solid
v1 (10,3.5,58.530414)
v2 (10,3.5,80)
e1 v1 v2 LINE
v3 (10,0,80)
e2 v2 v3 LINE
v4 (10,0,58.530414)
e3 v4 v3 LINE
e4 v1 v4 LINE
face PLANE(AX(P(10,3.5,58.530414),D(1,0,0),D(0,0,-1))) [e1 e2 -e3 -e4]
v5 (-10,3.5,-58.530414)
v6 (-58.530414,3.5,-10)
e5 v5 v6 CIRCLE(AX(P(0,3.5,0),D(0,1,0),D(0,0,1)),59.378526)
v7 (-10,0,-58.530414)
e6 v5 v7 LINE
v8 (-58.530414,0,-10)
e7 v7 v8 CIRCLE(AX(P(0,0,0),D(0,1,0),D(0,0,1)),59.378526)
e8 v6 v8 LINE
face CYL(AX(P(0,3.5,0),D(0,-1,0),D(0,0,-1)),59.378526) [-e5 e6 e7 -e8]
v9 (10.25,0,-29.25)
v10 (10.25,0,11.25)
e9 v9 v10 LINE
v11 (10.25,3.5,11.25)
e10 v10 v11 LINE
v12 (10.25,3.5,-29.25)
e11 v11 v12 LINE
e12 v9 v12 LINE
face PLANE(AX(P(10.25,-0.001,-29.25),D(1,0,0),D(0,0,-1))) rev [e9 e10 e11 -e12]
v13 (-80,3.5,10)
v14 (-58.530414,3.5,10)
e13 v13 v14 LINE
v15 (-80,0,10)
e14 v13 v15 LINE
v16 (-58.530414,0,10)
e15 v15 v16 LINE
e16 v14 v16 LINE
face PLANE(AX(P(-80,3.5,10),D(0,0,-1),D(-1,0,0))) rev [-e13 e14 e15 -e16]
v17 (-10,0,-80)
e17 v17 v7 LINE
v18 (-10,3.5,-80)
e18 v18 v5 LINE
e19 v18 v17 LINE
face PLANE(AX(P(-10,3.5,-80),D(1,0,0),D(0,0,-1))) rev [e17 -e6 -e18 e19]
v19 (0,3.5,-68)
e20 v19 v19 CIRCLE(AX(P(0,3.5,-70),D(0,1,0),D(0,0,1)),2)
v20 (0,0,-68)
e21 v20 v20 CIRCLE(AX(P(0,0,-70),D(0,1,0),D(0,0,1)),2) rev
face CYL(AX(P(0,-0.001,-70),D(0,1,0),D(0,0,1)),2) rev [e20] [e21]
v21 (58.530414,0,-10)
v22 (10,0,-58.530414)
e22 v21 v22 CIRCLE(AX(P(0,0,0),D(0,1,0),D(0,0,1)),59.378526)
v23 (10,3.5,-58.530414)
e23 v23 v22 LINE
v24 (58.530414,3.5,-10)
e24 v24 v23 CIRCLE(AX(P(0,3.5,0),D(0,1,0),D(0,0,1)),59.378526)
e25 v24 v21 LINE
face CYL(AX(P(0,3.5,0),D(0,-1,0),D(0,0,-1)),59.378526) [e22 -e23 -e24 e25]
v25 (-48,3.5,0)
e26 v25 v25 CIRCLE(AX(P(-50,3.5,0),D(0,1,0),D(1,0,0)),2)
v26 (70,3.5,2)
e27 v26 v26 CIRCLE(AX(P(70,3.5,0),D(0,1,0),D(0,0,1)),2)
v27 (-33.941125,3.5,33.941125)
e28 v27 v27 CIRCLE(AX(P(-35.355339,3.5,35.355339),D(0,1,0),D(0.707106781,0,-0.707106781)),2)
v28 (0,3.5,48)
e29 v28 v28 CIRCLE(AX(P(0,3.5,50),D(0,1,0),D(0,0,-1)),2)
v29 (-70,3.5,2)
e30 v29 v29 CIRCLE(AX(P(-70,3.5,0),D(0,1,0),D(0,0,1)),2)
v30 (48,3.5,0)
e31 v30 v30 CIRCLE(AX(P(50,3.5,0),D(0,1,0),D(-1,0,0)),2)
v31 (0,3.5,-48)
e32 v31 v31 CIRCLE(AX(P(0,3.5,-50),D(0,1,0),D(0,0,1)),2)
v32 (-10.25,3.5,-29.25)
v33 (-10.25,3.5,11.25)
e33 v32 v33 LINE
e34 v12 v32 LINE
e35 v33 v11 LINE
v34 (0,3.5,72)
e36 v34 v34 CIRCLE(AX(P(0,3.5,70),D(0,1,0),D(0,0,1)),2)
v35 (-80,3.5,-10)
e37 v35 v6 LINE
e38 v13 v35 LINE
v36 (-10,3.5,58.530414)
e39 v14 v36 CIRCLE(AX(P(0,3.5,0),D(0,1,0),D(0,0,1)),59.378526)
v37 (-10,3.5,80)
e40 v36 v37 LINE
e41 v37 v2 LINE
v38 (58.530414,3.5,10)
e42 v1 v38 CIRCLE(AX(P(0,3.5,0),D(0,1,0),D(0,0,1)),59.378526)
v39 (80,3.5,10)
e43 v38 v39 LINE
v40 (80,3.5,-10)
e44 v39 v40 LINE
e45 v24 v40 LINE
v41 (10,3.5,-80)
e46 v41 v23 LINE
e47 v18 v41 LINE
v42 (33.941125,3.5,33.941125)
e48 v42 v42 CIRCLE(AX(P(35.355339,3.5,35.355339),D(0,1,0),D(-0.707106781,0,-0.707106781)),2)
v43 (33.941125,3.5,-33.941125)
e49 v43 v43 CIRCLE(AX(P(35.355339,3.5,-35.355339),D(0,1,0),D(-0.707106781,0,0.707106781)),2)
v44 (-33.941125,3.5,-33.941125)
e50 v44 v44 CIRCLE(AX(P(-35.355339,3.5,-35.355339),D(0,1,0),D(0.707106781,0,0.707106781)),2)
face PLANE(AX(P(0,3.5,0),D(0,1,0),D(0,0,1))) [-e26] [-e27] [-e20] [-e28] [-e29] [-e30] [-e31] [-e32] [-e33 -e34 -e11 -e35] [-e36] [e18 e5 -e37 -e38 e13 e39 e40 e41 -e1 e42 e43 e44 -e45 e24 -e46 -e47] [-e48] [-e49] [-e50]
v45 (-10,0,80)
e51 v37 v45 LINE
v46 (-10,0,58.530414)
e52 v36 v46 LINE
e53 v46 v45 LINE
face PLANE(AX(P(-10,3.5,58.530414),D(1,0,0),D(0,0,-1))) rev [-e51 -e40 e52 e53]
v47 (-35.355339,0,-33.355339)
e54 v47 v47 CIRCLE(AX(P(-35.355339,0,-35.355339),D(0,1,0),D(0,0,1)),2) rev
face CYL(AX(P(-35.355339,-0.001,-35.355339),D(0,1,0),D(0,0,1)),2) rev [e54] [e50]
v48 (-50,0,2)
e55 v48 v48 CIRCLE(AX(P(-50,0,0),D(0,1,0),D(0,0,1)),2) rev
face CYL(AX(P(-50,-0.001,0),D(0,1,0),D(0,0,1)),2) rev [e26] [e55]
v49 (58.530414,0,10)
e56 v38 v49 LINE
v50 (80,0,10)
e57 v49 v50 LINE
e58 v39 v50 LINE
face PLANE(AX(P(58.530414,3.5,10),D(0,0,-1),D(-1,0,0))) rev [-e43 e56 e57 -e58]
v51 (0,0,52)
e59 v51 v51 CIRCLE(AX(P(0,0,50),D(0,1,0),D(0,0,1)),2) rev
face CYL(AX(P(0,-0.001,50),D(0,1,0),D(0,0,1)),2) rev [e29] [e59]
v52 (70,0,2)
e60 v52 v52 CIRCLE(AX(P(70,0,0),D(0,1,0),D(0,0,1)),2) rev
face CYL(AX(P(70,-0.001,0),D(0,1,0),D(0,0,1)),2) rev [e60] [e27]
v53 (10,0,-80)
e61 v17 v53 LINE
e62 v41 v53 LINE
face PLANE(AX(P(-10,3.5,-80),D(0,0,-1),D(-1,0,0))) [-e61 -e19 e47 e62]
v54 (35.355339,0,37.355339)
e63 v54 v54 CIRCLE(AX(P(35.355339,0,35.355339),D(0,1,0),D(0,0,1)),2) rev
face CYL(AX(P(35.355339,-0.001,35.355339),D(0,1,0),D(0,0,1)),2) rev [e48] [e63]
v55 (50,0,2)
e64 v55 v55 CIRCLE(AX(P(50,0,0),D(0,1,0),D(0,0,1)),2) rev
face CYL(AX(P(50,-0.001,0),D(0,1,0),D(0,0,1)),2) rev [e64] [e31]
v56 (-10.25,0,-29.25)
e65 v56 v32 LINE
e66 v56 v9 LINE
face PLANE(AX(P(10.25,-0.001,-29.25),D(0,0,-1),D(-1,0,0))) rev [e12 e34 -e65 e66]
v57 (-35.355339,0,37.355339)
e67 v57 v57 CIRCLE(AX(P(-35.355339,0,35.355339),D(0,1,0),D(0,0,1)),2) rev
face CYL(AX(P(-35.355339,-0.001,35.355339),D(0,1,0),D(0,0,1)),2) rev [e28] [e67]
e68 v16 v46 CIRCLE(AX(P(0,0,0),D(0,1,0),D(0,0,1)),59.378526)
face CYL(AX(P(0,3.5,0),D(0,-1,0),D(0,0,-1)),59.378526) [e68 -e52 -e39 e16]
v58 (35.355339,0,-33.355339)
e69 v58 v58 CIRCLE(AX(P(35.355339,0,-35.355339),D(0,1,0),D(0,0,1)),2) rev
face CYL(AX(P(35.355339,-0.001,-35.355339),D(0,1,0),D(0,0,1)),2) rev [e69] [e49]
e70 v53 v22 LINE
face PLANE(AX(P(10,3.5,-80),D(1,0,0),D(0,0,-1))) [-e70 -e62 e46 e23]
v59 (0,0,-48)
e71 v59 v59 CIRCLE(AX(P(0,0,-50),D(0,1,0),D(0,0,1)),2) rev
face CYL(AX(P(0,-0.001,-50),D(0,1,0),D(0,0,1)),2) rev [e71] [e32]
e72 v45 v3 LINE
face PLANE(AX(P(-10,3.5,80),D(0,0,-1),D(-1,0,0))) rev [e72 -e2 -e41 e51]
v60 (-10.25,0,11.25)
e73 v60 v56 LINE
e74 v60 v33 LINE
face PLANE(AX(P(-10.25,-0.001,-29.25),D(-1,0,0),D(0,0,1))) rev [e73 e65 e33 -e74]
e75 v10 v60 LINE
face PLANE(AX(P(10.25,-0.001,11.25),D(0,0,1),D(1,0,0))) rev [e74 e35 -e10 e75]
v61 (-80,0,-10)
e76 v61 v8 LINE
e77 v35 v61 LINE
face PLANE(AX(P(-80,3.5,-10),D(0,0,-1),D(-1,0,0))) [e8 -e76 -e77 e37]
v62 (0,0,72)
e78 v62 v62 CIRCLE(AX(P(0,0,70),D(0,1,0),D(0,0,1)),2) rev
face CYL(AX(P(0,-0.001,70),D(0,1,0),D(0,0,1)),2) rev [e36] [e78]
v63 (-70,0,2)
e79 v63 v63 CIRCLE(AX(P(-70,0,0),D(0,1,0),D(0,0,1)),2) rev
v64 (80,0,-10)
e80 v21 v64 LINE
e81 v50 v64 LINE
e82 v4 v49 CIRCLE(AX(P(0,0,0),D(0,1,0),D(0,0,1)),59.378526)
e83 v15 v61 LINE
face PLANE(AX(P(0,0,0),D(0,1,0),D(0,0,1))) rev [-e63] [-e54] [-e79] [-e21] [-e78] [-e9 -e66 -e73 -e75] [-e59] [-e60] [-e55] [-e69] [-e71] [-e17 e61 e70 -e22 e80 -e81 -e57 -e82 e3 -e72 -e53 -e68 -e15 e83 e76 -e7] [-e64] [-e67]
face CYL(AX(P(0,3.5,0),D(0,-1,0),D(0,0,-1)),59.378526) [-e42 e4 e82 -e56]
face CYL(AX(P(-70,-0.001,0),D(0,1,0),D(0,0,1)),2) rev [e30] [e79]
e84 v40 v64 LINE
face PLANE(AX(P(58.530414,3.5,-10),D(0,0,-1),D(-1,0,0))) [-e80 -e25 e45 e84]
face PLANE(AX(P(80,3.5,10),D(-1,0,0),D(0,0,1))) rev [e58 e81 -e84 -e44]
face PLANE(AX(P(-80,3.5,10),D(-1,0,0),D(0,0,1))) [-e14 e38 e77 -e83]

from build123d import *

# Parameters (mm, degrees)
SALIENTE_EXTRUIR1_DEPTH = 3.5
CROQUIS2_R              = 2
CORTAR_EXTRUIR1_DEPTH   = 3.5
MATRIZC1_COUNT          = 8
CORTAR_EXTRUIR2_REACH   = 5.5
CROQUIS3_W              = 20.5
CROQUIS3_H              = 40.5
CORTAR_EXTRUIR3_REACH   = 5.5
CROQUIS4_R              = 2


with BuildPart() as part:
    # Croquis1 → Saliente-Extruir1 (new body)
    with BuildSketch(Plane(origin=(0, 0, 0), x_dir=(1, 0, 0), z_dir=(0, 1, 0))):
        with BuildLine():
            Line((-10, -58.530413525), (-10, -80))
            Line((-10, -80), (10, -80))
            Line((10, -80), (10, -58.530413525))
            ThreePointArc((10, -58.530413525), (41.986958138, -41.986958138), (58.530413525, -10))
            Line((58.530413525, -10), (80, -10))
            Line((80, -10), (80, 10))
            Line((80, 10), (58.530413525, 10))
            ThreePointArc((58.530413525, 10), (41.986958138, 41.986958138), (10, 58.530413525))
            Line((10, 58.530413525), (10, 80))
            Line((10, 80), (-10, 80))
            Line((-10, 80), (-10, 58.530413525))
            ThreePointArc((-10, 58.530413525), (-41.986958138, 41.986958138), (-58.530413525, 10))
            Line((-58.530413525, 10), (-80, 10))
            Line((-80, 10), (-80, -10))
            Line((-80, -10), (-58.530413525, -10))
            ThreePointArc((-58.530413525, -10), (-41.986958138, -41.986958138), (-10, -58.530413525))
        make_face()
    extrude(amount=SALIENTE_EXTRUIR1_DEPTH)

    # Croquis2 → Cortar-Extruir1 (cut)
    with BuildSketch(Plane(origin=(0, 3.5, 0), x_dir=(1, 0, 0), z_dir=(0, 1, 0))):
        with Locations((0, 50)):
            Circle(CROQUIS2_R)
    cortar_extruir1 = extrude(amount=-CORTAR_EXTRUIR1_DEPTH, mode=Mode.SUBTRACT)

    # MatrizC1: Cortar-Extruir1 ×8 about axis
    matrizc1_axis = Axis((0, 0, 0), (0, 1, 0))
    for i in range(1, MATRIZC1_COUNT):
        add(cortar_extruir1.rotate(matrizc1_axis, i * 360 / MATRIZC1_COUNT), mode=Mode.SUBTRACT)

    # Croquis3 → Cortar-Extruir2 (cut, up to next)
    with BuildSketch(Plane(origin=(0, 3.5, 0), x_dir=(1, 0, 0), z_dir=(0, 1, 0)), mode=Mode.PRIVATE) as cortar_extruir2_sk1:
        with Locations((0, 9)):
            Rectangle(CROQUIS3_W, CROQUIS3_H)
    cortar_extruir2_tool1 = extrude(cortar_extruir2_sk1.sketch, amount=-CORTAR_EXTRUIR2_REACH, mode=Mode.PRIVATE) & part.part
    add(cortar_extruir2_tool1.solids().sort_by_distance((0, 3.5, -9))[0], mode=Mode.SUBTRACT)

    # Croquis4 → Cortar-Extruir3 (cut, up to next)
    with BuildSketch(Plane(origin=(0, 3.5, 0), x_dir=(1, 0, 0), z_dir=(0, 1, 0)), mode=Mode.PRIVATE) as cortar_extruir3_sk1:
        with Locations((0, 70)):
            Circle(CROQUIS4_R)
    cortar_extruir3_tool1 = extrude(cortar_extruir3_sk1.sketch, amount=-CORTAR_EXTRUIR3_REACH, mode=Mode.PRIVATE) & part.part
    add(cortar_extruir3_tool1.solids().sort_by_distance((0, 3.5, -70))[0], mode=Mode.SUBTRACT)
    # Croquis4 → Cortar-Extruir3 (cut, up to next)
    with BuildSketch(Plane(origin=(0, 3.5, 0), x_dir=(1, 0, 0), z_dir=(0, 1, 0)), mode=Mode.PRIVATE) as cortar_extruir3_sk2:
        with Locations((70, 0)):
            Circle(CROQUIS4_R)
    cortar_extruir3_tool2 = extrude(cortar_extruir3_sk2.sketch, amount=-CORTAR_EXTRUIR3_REACH, mode=Mode.PRIVATE) & part.part
    add(cortar_extruir3_tool2.solids().sort_by_distance((70, 3.5, 0))[0], mode=Mode.SUBTRACT)
    # Croquis4 → Cortar-Extruir3 (cut, up to next)
    with BuildSketch(Plane(origin=(0, 3.5, 0), x_dir=(1, 0, 0), z_dir=(0, 1, 0)), mode=Mode.PRIVATE) as cortar_extruir3_sk3:
        with Locations((0, -70)):
            Circle(CROQUIS4_R)
    cortar_extruir3_tool3 = extrude(cortar_extruir3_sk3.sketch, amount=-CORTAR_EXTRUIR3_REACH, mode=Mode.PRIVATE) & part.part
    add(cortar_extruir3_tool3.solids().sort_by_distance((0, 3.5, 70))[0], mode=Mode.SUBTRACT)
    # Croquis4 → Cortar-Extruir3 (cut, up to next)
    with BuildSketch(Plane(origin=(0, 3.5, 0), x_dir=(1, 0, 0), z_dir=(0, 1, 0)), mode=Mode.PRIVATE) as cortar_extruir3_sk4:
        with Locations((-70, 0)):
            Circle(CROQUIS4_R)
    cortar_extruir3_tool4 = extrude(cortar_extruir3_sk4.sketch, amount=-CORTAR_EXTRUIR3_REACH, mode=Mode.PRIVATE) & part.part
    add(cortar_extruir3_tool4.solids().sort_by_distance((-70, 3.5, 0))[0], mode=Mode.SUBTRACT)


solid = part.part
